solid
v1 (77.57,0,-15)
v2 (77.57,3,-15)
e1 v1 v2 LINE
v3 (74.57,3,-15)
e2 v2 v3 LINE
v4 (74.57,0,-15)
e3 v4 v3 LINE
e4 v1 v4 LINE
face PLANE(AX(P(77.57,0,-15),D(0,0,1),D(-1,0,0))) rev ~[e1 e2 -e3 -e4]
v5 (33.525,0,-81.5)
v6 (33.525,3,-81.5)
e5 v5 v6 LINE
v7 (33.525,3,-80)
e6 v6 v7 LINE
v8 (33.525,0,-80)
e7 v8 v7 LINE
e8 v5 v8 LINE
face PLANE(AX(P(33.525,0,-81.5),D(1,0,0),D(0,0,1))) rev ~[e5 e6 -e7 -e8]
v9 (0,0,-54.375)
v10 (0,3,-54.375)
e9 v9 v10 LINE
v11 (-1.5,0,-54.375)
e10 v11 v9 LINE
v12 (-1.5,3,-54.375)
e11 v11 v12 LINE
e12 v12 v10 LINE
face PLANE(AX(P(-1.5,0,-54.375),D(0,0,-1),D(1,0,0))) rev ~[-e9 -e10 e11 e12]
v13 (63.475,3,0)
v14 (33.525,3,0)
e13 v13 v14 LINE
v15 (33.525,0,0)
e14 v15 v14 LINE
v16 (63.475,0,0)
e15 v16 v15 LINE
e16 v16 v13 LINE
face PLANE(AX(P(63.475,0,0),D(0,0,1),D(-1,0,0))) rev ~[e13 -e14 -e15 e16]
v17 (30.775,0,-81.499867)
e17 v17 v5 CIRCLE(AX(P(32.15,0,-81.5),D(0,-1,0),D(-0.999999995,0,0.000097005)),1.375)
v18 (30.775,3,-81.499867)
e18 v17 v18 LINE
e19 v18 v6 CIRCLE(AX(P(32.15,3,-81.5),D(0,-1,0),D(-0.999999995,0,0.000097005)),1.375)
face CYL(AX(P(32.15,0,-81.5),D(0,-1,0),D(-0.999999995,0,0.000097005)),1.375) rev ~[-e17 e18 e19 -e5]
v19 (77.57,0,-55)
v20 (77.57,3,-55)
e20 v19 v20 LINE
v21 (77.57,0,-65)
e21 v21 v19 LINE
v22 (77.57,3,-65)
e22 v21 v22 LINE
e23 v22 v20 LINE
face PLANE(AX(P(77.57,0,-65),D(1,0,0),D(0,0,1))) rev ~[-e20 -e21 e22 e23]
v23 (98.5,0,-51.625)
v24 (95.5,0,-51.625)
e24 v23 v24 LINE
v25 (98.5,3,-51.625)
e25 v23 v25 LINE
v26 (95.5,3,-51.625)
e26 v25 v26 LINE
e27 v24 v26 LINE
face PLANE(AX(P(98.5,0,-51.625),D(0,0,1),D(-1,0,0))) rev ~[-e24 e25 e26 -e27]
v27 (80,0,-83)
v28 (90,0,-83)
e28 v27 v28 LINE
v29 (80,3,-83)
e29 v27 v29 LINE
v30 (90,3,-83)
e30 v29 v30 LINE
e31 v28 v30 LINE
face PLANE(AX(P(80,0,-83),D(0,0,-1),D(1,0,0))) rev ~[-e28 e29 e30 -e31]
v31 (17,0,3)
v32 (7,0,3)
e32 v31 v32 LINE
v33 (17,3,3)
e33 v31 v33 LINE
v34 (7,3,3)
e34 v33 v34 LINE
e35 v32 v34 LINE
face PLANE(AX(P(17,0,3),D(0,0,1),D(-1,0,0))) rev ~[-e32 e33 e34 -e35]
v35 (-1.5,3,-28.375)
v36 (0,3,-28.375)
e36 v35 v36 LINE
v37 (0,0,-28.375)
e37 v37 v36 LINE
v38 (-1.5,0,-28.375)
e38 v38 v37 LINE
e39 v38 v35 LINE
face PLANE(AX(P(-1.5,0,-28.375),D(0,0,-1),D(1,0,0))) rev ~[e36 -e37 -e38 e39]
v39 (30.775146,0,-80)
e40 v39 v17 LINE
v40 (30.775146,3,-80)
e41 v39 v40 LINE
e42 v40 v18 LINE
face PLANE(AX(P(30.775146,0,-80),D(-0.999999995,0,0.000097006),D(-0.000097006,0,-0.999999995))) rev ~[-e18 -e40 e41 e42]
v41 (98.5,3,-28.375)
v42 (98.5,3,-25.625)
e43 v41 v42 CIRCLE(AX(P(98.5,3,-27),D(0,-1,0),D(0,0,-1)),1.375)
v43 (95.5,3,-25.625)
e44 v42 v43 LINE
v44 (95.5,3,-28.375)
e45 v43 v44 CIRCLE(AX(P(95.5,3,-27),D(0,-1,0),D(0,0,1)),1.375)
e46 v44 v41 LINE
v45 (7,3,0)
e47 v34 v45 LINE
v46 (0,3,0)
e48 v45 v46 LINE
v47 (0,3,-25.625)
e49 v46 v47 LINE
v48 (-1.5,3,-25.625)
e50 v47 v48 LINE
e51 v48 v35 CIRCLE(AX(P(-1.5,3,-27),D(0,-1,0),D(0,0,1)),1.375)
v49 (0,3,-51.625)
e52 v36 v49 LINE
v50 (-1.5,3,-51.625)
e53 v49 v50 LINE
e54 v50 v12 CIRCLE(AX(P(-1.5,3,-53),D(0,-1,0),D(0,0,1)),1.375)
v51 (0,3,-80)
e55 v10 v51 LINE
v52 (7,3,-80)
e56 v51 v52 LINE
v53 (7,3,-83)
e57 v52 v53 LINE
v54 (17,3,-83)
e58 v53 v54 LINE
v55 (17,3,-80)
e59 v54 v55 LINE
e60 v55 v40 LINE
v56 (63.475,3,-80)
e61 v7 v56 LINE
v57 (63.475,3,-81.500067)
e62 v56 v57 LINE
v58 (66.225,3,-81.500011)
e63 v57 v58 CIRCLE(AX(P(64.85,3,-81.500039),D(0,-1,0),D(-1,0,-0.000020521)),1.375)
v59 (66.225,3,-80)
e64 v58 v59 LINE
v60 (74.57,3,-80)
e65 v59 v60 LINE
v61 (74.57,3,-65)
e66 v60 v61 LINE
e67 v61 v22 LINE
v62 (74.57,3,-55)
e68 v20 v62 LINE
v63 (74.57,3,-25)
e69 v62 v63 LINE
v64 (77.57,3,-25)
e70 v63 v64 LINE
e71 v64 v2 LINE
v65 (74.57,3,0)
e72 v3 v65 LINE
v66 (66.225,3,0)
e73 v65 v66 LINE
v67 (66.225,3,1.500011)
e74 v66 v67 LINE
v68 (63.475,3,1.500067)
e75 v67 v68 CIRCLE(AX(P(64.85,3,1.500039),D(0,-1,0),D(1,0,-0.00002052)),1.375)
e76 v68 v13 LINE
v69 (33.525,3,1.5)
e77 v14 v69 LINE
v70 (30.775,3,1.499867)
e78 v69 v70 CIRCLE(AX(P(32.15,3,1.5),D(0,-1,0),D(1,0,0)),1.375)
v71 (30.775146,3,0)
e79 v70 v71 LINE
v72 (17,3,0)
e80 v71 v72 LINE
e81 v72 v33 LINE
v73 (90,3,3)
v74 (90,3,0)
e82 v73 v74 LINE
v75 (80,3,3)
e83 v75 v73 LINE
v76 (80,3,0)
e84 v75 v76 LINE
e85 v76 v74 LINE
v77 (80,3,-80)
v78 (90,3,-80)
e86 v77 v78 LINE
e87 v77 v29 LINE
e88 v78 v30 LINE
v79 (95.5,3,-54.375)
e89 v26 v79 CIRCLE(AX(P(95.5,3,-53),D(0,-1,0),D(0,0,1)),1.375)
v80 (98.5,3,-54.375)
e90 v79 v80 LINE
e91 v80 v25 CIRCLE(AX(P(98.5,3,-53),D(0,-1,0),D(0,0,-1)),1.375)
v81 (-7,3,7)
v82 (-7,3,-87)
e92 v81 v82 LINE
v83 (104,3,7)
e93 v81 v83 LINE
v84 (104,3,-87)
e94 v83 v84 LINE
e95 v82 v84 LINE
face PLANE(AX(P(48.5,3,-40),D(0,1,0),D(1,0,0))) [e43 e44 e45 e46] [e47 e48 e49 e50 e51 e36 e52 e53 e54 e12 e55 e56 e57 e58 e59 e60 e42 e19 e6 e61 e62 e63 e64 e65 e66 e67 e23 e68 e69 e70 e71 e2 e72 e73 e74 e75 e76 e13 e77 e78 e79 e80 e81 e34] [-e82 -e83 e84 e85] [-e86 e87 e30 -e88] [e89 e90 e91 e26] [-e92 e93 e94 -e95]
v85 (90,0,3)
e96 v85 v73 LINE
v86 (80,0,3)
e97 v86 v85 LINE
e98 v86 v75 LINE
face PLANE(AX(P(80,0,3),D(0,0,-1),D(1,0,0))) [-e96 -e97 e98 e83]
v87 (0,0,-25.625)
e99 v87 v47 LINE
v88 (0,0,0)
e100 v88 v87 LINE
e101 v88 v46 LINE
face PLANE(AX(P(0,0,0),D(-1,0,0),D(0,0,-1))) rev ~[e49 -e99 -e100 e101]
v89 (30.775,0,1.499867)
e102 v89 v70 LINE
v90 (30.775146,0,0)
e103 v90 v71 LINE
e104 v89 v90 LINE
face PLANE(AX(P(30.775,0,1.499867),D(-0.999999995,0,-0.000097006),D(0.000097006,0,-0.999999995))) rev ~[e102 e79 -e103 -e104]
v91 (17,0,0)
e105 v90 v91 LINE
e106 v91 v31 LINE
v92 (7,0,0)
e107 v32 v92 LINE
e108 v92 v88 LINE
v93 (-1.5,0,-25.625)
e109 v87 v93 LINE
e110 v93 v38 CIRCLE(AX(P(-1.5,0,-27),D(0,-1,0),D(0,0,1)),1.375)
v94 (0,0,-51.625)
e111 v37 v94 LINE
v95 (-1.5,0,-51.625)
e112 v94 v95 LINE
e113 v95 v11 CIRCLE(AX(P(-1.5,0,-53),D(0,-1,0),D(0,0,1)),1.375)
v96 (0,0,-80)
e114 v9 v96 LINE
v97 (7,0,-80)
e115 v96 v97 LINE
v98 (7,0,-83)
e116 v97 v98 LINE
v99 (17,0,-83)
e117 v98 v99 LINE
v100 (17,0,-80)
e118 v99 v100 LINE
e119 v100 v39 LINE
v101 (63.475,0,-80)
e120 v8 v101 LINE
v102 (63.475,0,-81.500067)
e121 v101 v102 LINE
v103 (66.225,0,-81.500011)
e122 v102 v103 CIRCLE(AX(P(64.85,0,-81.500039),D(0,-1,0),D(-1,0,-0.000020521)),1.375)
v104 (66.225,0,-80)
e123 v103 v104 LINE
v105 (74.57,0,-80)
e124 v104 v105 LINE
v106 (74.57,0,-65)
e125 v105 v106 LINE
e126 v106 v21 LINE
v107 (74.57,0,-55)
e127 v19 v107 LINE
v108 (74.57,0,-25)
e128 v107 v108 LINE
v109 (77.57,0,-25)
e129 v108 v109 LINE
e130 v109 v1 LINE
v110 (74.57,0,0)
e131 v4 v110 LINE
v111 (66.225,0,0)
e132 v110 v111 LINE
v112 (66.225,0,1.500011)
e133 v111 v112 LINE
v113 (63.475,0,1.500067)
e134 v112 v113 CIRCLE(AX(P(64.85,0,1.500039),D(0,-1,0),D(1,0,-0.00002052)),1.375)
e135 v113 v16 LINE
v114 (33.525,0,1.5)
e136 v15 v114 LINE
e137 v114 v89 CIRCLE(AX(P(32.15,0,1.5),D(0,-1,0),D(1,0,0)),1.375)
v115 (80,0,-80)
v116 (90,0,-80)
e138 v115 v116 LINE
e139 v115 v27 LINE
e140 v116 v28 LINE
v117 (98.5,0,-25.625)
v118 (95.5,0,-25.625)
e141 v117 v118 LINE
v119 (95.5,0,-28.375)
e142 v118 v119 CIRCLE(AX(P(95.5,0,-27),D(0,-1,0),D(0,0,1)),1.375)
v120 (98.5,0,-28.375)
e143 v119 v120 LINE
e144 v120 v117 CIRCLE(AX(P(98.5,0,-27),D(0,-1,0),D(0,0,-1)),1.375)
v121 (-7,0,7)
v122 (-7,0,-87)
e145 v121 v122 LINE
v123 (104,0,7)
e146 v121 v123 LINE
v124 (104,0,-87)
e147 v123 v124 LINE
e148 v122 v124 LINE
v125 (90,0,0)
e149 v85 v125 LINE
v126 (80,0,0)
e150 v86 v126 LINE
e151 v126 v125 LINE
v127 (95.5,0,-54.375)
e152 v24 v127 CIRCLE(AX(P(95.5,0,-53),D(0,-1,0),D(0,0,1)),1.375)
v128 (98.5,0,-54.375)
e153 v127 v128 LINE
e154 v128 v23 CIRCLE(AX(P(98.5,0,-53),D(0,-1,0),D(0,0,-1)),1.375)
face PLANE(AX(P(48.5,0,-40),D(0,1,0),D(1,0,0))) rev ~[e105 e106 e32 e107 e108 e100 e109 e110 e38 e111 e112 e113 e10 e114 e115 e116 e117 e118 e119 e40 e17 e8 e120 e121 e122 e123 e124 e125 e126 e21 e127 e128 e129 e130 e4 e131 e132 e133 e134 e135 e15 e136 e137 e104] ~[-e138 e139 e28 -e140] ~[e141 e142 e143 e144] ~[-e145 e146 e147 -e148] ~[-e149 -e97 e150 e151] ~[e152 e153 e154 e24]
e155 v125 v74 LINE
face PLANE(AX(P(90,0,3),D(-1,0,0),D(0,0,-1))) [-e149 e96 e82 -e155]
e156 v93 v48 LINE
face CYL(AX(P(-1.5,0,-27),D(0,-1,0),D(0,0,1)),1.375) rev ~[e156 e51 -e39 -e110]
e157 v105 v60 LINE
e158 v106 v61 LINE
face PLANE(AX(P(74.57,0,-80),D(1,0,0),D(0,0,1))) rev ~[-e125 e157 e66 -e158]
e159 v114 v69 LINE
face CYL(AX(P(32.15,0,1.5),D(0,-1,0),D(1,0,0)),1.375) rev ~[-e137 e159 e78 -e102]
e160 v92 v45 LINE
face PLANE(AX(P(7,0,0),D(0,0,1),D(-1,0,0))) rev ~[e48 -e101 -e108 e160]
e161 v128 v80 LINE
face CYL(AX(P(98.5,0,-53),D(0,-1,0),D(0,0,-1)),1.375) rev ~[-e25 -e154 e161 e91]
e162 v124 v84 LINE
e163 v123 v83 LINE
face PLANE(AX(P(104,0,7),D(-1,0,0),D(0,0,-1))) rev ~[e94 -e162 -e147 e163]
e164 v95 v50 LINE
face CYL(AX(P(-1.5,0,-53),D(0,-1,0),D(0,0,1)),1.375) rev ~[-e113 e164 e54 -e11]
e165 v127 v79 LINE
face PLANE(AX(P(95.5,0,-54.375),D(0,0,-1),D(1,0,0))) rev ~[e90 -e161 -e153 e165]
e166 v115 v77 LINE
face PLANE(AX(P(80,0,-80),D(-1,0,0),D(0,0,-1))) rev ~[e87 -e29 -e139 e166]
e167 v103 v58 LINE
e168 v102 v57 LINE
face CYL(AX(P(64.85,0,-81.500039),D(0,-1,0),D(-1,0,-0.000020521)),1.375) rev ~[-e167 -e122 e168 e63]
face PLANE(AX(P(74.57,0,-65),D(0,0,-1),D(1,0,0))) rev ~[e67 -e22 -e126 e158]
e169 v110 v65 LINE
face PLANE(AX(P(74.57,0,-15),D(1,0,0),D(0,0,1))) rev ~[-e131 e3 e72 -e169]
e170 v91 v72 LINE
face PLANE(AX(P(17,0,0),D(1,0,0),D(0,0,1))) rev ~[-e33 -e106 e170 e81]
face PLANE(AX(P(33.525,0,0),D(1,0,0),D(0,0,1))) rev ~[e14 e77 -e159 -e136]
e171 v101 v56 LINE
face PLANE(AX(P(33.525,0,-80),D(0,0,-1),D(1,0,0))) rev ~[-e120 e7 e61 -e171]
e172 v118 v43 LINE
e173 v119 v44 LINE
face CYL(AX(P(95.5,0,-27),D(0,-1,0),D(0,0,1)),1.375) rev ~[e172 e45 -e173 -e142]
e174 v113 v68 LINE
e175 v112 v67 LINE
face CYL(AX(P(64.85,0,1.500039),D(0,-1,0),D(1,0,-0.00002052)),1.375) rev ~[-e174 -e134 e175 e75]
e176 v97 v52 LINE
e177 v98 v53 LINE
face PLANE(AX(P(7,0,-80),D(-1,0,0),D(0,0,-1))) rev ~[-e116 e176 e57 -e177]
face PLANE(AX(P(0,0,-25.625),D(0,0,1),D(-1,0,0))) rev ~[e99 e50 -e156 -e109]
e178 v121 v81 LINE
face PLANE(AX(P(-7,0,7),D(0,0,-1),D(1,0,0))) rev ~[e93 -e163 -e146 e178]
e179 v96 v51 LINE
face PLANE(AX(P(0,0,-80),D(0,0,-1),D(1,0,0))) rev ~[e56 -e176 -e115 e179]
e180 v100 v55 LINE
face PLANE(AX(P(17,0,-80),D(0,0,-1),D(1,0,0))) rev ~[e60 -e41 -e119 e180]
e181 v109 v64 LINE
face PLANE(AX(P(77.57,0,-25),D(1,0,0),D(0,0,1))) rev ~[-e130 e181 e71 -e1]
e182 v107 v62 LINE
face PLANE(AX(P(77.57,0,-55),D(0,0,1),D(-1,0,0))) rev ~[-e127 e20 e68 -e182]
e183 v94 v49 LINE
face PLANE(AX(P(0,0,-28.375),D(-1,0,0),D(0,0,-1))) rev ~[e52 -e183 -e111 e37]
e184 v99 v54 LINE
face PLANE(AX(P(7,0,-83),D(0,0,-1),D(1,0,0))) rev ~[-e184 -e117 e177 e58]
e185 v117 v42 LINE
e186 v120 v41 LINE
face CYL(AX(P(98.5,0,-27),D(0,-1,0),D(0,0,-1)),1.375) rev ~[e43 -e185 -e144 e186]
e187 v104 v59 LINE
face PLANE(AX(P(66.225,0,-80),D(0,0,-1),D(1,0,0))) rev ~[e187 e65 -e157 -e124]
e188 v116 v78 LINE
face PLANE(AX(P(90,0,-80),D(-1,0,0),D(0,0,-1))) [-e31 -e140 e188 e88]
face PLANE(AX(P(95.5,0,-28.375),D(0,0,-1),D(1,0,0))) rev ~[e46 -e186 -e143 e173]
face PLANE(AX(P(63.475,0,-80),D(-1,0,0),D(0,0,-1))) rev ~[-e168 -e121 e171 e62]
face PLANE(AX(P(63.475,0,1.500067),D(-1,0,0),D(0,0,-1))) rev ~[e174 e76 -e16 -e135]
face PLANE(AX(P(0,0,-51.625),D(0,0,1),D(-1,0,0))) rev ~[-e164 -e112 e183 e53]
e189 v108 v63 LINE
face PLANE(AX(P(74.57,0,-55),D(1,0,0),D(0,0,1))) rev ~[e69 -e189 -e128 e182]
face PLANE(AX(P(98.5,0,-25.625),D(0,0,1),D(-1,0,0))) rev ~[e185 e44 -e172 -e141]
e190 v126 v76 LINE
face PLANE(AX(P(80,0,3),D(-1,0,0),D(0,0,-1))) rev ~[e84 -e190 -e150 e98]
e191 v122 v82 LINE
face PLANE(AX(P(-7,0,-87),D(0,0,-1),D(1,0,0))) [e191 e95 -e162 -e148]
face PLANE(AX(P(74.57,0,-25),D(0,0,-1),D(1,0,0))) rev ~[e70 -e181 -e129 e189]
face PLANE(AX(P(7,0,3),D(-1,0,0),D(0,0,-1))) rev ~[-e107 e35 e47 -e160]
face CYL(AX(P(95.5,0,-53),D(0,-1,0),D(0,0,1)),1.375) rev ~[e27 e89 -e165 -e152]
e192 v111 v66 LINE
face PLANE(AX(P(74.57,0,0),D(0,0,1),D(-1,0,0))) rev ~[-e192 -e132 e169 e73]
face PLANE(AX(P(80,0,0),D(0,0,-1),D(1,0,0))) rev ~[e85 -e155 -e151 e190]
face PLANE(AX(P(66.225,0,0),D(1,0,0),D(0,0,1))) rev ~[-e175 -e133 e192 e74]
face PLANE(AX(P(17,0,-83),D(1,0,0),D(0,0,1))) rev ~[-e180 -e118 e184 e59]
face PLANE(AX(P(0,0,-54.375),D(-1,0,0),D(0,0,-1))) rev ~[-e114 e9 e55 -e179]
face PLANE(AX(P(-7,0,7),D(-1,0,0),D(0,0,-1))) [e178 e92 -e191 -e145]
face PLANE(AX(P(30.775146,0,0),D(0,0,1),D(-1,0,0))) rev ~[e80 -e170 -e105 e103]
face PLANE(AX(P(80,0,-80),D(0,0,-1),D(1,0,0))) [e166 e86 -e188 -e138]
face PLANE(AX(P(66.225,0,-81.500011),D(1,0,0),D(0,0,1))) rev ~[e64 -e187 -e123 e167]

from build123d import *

# Parameters (mm, degrees)
CROQUIS1_W              = 111
CROQUIS1_H              = 94
CROQUIS1_W_2            = 10
CROQUIS1_H_2            = 3
SALIENTE_EXTRUIR1_DEPTH = 3


with BuildPart() as part:
    # Croquis1 → Saliente-Extruir1 (new body)
    with BuildSketch(Plane(origin=(0, 0, 0), x_dir=(1, 0, 0), z_dir=(0, 1, 0))):
        with Locations((48.5, 40)):
            Rectangle(CROQUIS1_W, CROQUIS1_H)
        with BuildLine():
            Line((7, 0), (0, 0))
            Line((0, 0), (0, 25.625))
            Line((0, 25.625), (-1.5, 25.625))
            ThreePointArc((-1.5, 25.625), (-2.875, 27), (-1.5, 28.375))
            Line((-1.5, 28.375), (0, 28.375))
            Line((0, 28.375), (0, 51.625))
            Line((0, 51.625), (-1.5, 51.625))
            ThreePointArc((-1.5, 51.625), (-2.875, 53), (-1.5, 54.375))
            Line((-1.5, 54.375), (0, 54.375))
            Line((0, 54.375), (0, 80))
            Line((0, 80), (7, 80))
            Line((7, 80), (7, 83))
            Line((7, 83), (17, 83))
            Line((17, 83), (17, 80))
            Line((17, 80), (30.775145502, 80))
            Line((30.775145502, 80), (30.775000006, 81.499866617))
            ThreePointArc((30.775000006, 81.499866617), (32.149933309, 82.874999998), (33.525, 81.5))
            Line((33.525, 81.5), (33.525, 80))
            Line((33.525, 80), (63.475, 80))
            Line((63.475, 80), (63.475, 81.500066988))
            ThreePointArc((63.475, 81.500066988), (64.850028215, 82.875038772), (66.225, 81.500010557))
            Line((66.225, 81.500010557), (66.225, 80))
            Line((66.225, 80), (66.475145502, 80))
            Line((66.475145502, 80), (74.57, 80))
            Line((74.57, 80), (74.57, 65))
            Line((74.57, 65), (77.57, 65))
            Line((77.57, 65), (77.57, 55))
            Line((77.57, 55), (74.57, 55))
            Line((74.57, 55), (74.57, 25))
            Line((74.57, 25), (77.57, 25))
            Line((77.57, 25), (77.57, 15))
            Line((77.57, 15), (74.57, 15))
            Line((74.57, 15), (74.57, 0))
            Line((74.57, 0), (66.225, 0))
            Line((66.225, 0), (66.225, -1.500010557))
            ThreePointArc((66.225, -1.500010557), (64.850028215, -2.875038772), (63.475, -1.500066988))
            Line((63.475, -1.500066988), (63.475, 0))
            Line((63.475, 0), (33.525, 0))
            Line((33.525, 0), (33.525, -1.5))
            ThreePointArc((33.525, -1.5), (32.149933309, -2.874999998), (30.775000006, -1.499866617))
            Line((30.775000006, -1.499866617), (30.775145502, 0))
            Line((30.775145502, 0), (17, 0))
            Line((17, 0), (17, -3))
            Line((17, -3), (7, -3))
            Line((7, -3), (7, 0))
        make_face(mode=Mode.SUBTRACT)
        with Locations((85, -1.5)):
            Rectangle(CROQUIS1_W_2, CROQUIS1_H_2, mode=Mode.SUBTRACT)
        with BuildLine():
            ThreePointArc((98.5, 28.375), (99.875, 27), (98.5, 25.625))
            Line((98.5, 25.625), (95.5, 25.625))
            ThreePointArc((95.5, 25.625), (94.125, 27), (95.5, 28.375))
            Line((95.5, 28.375), (98.5, 28.375))
        make_face(mode=Mode.SUBTRACT)
        with BuildLine():
            ThreePointArc((98.5, 54.375), (99.875, 53), (98.5, 51.625))
            Line((98.5, 51.625), (95.5, 51.625))
            ThreePointArc((95.5, 51.625), (94.125, 53), (95.5, 54.375))
            Line((95.5, 54.375), (98.5, 54.375))
        make_face(mode=Mode.SUBTRACT)
        with Locations((85, 81.5)):
            Rectangle(CROQUIS1_W_2, CROQUIS1_H_2, mode=Mode.SUBTRACT)
    extrude(amount=SALIENTE_EXTRUIR1_DEPTH)


solid = part.part
